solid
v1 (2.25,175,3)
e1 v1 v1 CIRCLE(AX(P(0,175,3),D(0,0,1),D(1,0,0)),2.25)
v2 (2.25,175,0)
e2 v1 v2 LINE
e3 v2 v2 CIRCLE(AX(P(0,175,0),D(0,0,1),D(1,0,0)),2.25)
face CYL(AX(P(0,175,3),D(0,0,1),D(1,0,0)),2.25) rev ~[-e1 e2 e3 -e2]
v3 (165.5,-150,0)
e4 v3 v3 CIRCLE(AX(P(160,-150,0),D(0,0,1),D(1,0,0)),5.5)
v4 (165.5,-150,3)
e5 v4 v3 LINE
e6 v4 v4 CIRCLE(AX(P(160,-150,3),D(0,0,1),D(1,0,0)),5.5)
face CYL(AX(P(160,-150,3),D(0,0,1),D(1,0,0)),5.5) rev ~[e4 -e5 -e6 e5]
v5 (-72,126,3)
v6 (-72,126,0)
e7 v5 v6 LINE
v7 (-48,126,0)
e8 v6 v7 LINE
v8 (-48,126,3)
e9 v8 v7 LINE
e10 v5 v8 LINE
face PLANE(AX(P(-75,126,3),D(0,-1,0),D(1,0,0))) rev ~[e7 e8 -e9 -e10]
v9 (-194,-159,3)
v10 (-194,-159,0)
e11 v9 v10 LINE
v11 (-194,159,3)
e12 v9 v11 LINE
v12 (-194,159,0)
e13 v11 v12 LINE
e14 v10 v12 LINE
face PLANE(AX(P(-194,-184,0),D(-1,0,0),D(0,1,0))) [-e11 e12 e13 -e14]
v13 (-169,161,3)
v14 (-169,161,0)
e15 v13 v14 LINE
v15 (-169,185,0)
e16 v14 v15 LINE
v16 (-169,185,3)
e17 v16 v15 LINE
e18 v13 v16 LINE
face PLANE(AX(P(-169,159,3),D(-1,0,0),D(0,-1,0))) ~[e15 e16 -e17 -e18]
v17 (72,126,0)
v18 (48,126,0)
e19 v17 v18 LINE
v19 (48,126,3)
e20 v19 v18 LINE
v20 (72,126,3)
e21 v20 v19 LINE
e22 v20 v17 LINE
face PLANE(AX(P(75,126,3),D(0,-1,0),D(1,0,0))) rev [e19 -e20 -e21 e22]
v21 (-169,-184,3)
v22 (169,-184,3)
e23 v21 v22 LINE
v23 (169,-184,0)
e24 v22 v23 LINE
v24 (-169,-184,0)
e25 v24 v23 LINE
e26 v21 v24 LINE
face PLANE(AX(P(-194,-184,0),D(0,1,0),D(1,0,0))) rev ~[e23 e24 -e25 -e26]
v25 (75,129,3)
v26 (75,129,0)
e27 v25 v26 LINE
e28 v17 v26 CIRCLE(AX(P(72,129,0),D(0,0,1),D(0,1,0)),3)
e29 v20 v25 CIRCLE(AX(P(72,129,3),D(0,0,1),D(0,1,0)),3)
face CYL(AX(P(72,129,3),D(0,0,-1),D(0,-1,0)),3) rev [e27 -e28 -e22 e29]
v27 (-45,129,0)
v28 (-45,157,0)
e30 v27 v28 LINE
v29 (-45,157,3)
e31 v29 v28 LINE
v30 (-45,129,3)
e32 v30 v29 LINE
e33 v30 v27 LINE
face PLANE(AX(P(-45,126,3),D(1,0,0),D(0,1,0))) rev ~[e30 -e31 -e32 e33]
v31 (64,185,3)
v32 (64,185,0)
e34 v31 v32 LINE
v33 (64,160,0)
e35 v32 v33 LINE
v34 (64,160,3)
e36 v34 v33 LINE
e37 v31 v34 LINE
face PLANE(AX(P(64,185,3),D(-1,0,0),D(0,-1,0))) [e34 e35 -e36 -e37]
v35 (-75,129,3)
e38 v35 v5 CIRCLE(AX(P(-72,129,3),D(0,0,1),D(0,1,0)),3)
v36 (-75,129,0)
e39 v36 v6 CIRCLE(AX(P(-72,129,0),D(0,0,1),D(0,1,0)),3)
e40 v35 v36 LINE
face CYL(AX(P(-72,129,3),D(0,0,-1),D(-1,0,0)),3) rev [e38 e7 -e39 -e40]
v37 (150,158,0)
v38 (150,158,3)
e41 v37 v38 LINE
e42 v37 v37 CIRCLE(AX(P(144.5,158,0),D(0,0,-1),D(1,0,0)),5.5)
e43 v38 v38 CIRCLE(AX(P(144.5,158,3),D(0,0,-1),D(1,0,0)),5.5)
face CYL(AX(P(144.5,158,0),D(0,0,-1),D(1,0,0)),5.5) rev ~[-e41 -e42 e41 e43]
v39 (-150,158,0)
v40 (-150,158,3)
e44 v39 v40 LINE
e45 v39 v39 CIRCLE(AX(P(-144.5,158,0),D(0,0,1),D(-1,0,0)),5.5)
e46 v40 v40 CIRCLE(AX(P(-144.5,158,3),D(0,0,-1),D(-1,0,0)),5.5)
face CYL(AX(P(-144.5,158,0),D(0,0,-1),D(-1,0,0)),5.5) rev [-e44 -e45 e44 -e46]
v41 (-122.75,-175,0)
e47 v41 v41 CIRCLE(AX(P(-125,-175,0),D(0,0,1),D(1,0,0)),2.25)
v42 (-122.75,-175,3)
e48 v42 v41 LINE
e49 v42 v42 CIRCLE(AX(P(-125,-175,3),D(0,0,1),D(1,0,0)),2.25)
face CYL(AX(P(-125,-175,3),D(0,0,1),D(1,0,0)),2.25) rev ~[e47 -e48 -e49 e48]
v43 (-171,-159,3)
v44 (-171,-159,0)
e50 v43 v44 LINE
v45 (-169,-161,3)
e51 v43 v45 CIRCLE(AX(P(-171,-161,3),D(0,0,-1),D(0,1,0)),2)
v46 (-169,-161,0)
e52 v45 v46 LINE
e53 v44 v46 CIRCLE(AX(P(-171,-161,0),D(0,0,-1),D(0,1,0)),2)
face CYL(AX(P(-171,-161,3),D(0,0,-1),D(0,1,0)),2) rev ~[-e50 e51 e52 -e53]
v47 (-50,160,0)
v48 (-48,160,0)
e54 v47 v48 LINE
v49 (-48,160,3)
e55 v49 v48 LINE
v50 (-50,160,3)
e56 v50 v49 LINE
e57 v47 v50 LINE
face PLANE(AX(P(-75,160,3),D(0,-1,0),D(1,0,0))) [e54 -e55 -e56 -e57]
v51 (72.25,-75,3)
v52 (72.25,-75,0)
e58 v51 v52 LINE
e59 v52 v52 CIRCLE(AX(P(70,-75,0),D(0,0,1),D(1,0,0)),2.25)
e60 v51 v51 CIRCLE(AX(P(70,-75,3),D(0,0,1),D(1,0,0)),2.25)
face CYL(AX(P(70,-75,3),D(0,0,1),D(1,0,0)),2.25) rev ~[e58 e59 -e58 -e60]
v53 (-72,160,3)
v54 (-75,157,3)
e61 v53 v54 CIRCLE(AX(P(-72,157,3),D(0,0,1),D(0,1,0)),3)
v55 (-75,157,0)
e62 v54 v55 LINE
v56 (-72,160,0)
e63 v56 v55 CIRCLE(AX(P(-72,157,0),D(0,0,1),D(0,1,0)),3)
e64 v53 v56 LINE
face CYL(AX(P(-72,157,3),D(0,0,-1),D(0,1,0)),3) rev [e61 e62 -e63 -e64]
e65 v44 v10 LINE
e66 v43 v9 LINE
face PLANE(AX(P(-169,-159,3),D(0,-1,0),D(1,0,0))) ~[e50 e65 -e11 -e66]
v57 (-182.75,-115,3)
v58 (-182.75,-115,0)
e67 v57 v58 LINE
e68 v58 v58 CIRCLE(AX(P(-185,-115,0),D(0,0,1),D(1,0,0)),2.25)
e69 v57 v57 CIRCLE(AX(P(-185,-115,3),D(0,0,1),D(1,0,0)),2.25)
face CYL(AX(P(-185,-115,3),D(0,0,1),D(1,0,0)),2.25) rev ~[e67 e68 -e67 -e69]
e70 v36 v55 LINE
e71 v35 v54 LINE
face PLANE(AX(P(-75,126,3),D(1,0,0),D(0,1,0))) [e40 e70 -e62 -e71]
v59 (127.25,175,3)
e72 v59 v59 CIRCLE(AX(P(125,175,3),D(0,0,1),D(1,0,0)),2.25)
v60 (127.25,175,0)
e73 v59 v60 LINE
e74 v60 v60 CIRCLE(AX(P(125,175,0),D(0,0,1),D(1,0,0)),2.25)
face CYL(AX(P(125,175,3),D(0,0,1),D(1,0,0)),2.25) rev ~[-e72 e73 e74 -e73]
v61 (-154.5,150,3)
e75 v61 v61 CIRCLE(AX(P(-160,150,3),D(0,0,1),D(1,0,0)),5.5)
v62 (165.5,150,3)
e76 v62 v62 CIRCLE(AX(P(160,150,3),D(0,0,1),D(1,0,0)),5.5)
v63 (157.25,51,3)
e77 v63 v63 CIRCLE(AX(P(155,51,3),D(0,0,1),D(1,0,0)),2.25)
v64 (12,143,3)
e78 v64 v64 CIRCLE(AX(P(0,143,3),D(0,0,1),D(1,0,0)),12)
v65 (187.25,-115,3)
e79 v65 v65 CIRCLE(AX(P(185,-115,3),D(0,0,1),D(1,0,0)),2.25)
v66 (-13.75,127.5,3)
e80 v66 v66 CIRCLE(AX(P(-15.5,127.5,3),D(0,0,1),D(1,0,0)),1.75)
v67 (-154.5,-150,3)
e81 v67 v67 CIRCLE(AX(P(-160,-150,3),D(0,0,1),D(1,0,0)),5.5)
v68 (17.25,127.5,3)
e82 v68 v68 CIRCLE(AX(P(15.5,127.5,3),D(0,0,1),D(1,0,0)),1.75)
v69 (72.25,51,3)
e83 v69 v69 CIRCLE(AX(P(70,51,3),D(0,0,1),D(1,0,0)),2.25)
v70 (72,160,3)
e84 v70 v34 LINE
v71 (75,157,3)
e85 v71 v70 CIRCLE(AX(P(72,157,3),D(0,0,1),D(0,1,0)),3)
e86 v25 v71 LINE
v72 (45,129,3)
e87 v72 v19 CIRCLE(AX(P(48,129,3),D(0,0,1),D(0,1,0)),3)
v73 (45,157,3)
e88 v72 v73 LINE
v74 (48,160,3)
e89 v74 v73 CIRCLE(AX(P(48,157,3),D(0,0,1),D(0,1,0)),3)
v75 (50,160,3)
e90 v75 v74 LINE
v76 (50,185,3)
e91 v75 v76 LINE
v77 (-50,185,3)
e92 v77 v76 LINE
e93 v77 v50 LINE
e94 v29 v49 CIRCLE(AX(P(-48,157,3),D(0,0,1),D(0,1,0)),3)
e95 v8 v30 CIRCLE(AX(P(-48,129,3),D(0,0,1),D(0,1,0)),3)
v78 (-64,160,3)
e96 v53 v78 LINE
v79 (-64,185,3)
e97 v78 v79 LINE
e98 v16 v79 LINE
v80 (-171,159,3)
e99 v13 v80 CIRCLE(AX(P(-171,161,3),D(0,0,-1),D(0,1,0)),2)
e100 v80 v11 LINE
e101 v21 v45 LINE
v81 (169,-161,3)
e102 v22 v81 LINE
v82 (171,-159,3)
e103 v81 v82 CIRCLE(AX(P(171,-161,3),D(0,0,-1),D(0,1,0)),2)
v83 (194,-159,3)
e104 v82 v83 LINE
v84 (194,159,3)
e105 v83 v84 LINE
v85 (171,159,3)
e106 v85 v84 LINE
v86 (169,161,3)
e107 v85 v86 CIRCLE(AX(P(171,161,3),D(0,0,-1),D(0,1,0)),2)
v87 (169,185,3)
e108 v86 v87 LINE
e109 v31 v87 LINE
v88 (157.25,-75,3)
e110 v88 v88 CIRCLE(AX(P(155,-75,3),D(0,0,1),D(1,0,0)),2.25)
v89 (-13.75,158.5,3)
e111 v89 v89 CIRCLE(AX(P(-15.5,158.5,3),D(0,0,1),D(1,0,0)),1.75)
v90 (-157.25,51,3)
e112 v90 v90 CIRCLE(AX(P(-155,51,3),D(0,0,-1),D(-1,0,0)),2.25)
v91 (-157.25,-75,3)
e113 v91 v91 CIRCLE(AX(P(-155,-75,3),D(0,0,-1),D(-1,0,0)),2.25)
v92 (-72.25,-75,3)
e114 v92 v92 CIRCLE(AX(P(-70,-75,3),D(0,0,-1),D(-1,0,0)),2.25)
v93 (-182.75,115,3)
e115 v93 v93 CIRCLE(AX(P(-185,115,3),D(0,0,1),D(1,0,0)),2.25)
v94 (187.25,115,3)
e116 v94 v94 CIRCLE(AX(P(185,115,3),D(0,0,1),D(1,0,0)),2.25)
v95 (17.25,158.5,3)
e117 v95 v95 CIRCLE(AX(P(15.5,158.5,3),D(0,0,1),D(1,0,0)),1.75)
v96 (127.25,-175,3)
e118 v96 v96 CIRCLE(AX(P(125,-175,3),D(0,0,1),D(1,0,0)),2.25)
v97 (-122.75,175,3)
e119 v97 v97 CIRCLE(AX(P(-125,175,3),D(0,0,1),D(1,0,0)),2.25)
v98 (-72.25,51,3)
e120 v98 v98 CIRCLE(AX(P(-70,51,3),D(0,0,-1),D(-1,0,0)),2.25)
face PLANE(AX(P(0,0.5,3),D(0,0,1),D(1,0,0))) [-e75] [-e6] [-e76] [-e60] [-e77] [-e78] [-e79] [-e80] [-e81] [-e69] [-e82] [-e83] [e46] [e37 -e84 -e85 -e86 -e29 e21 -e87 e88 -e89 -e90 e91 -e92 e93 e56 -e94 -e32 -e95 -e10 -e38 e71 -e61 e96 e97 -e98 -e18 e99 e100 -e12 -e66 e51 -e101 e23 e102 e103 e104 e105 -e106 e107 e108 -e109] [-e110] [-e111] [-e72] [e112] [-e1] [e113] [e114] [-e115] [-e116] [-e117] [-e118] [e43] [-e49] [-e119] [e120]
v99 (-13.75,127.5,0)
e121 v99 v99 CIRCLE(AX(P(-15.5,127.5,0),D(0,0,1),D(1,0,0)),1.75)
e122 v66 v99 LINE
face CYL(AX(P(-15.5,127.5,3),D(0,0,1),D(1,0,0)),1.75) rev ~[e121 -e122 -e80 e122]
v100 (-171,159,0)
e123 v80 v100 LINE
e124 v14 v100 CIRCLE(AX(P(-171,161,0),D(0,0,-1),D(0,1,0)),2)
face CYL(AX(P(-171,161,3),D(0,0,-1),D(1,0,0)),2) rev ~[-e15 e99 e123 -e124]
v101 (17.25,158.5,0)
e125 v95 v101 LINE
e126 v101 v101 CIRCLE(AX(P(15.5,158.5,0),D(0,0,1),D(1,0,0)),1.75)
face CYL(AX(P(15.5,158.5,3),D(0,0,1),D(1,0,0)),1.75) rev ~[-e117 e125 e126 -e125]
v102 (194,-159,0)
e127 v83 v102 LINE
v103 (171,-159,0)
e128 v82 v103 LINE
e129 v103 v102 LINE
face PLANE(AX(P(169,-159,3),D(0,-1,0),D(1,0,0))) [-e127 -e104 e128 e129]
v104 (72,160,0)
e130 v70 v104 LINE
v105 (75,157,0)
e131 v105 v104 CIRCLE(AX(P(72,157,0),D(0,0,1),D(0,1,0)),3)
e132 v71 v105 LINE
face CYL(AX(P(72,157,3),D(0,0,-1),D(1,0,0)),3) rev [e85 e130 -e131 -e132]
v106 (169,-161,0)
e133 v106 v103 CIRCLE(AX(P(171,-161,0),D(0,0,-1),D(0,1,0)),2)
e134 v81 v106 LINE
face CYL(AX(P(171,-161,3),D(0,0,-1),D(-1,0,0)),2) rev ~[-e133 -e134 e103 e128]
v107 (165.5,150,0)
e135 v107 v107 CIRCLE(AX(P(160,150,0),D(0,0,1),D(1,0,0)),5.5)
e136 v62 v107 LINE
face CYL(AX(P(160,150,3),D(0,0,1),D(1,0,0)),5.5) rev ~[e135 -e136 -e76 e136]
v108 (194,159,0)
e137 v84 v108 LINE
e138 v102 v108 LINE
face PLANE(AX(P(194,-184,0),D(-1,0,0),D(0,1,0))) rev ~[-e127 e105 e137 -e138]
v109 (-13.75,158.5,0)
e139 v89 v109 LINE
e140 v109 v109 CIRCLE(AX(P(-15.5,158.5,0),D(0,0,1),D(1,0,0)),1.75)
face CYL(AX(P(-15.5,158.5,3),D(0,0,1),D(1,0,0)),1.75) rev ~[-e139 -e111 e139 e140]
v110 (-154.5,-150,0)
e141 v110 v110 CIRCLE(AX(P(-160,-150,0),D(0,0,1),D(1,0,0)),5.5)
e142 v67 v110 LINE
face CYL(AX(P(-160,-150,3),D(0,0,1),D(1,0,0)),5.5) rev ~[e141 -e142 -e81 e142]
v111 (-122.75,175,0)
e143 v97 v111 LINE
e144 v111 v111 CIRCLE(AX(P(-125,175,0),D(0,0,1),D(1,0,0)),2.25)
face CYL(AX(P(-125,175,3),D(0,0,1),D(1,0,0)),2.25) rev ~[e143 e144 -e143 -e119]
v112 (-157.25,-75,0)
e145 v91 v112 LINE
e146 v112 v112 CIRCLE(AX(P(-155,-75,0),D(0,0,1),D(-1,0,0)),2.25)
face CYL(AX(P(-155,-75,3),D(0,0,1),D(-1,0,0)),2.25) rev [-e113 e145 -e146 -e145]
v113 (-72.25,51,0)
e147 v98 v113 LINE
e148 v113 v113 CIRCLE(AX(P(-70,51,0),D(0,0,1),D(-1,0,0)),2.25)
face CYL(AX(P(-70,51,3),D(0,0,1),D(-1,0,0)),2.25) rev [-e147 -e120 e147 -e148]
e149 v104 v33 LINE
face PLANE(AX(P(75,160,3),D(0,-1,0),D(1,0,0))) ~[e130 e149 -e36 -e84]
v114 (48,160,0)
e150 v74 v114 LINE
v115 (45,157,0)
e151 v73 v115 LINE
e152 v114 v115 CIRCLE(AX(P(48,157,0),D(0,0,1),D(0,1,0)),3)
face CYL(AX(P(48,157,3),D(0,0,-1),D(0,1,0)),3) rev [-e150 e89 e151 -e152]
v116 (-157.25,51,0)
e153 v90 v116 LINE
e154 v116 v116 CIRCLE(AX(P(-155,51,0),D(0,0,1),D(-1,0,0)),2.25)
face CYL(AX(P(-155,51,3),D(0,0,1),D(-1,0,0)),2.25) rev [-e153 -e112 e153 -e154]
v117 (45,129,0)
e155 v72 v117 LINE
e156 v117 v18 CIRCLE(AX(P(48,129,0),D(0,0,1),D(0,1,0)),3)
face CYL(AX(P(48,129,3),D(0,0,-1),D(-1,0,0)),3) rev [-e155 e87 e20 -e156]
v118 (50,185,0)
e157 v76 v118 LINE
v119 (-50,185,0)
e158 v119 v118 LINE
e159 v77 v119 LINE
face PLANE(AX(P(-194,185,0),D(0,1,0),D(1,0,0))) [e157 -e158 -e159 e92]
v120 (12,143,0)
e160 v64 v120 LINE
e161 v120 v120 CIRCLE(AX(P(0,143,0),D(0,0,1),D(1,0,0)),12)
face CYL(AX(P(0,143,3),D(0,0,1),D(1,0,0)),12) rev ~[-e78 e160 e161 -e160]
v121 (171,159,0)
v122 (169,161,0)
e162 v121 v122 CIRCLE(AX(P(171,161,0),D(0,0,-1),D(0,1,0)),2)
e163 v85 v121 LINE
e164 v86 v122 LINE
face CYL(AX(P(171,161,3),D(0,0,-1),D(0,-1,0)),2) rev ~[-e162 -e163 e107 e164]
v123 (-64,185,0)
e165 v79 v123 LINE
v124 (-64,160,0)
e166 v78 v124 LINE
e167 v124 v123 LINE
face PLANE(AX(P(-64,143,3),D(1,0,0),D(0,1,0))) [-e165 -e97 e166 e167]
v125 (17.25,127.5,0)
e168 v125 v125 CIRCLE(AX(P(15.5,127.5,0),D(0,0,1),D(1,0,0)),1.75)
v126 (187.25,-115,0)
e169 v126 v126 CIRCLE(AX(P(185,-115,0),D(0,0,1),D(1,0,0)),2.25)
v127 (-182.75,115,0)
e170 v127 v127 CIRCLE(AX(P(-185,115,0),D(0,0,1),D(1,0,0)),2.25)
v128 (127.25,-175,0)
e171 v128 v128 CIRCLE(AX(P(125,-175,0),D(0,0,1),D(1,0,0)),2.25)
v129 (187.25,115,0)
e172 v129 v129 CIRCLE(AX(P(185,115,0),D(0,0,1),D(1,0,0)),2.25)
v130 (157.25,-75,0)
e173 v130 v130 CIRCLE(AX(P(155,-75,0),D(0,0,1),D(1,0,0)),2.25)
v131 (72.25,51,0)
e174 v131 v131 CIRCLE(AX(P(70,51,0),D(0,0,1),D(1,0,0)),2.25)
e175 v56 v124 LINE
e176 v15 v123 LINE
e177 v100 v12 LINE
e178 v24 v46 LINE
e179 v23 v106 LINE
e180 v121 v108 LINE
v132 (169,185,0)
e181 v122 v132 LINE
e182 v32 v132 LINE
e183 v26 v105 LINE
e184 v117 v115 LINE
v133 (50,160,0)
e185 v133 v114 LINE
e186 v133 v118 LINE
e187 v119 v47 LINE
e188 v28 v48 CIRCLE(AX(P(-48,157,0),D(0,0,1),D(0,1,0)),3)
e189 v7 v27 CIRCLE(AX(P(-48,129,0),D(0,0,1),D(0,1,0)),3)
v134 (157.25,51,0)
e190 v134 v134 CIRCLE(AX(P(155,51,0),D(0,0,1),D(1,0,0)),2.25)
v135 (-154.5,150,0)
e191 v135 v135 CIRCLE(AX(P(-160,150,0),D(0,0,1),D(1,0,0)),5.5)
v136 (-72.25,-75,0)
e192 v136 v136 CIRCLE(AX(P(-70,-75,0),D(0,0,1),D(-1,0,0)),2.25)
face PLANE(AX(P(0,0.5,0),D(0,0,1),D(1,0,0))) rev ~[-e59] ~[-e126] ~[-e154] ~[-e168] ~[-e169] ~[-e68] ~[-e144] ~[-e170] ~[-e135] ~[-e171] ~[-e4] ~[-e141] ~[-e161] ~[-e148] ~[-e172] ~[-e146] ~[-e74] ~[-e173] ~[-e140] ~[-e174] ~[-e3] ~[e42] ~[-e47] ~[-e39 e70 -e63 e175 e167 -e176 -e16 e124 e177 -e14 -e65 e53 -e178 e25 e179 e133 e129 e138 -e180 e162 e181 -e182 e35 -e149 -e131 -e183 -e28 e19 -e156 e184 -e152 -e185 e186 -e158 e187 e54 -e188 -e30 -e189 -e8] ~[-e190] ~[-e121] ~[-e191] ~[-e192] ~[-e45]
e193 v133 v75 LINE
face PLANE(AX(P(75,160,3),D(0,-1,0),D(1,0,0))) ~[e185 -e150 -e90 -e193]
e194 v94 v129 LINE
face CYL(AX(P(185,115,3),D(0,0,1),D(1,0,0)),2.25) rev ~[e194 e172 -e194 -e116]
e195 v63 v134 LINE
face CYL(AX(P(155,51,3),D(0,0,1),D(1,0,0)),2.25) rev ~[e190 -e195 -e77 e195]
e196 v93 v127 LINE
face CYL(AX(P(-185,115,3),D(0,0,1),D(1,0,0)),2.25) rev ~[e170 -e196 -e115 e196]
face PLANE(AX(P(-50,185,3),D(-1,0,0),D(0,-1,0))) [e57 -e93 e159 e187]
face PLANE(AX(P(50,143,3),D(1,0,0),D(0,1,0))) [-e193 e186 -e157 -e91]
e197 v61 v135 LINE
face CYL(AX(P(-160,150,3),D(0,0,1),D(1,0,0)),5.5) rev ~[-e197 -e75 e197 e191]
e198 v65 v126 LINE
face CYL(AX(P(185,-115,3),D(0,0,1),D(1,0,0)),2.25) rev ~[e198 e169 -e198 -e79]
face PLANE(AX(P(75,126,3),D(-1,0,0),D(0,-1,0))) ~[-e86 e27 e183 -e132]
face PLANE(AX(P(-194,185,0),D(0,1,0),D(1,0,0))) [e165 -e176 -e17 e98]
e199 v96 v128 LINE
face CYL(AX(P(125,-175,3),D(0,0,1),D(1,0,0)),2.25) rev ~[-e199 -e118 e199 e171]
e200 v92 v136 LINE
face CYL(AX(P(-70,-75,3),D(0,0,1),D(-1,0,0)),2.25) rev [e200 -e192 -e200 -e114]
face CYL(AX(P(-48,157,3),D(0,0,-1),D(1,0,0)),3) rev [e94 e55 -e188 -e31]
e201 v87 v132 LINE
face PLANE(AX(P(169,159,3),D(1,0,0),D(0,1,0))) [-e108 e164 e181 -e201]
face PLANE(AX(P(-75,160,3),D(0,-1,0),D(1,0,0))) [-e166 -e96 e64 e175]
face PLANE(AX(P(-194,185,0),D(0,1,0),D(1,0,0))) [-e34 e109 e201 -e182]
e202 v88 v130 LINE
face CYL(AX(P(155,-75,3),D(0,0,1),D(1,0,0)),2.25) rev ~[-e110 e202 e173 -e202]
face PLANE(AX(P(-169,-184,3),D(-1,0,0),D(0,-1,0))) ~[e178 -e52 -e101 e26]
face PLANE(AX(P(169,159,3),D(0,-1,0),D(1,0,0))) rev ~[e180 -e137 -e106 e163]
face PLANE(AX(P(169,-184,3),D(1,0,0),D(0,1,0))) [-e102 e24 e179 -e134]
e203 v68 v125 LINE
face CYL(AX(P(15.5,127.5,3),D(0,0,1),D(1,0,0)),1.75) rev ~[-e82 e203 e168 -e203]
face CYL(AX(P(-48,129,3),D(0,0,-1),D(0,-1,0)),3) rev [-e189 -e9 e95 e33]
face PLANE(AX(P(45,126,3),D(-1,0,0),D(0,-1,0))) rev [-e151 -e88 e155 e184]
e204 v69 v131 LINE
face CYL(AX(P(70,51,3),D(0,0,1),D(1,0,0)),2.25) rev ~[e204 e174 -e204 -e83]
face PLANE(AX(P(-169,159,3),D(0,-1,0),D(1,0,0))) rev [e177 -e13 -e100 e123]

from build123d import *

# Parameters (mm, degrees)
SKETCH_W        = 388
SKETCH_H        = 369
PAD_DEPTH       = 3
SKETCH001_W     = 25
SKETCH001_H     = 26
SKETCH001_H_2   = 25
POCKET_DEPTH    = 1073.914629
SKETCH002_R     = 12
SKETCH002_R_2   = 1.75
POCKET001_DEPTH = 3.001
SKETCH003_R     = 2.25
POCKET002_DEPTH = 3.001
SKETCH004_W     = 30
SKETCH004_H     = 34
POCKET003_DEPTH = 1073.914629
FILLET_R        = 3
SKETCH005_R     = 5.5
POCKET004_DEPTH = 3.001
SKETCH006_R     = 2.25
POCKET005_DEPTH = 1073.914629
FILLET001_R     = 2
SKETCH007_R     = 5.5
POCKET006_DEPTH = 1073.914629


with BuildPart() as part:
    # Sketch → Pad (new body)
    with BuildSketch(Plane.XY):
        with Locations((0, 0.5)):
            Rectangle(SKETCH_W, SKETCH_H)
    extrude(amount=PAD_DEPTH)

    # Sketch001 (on Face6 of Pad) → Pocket (cut, through all)
    with BuildSketch(Plane.XY.offset(3)):
        with Locations((181.5, 172)):
            Rectangle(SKETCH001_W, SKETCH001_H)
        with Locations((181.5, -171.5)):
            Rectangle(SKETCH001_W, SKETCH001_H_2)
    pocket = extrude(amount=-POCKET_DEPTH, mode=Mode.SUBTRACT)

    # Mirrored: Pocket across YZ
    add(pocket.mirror(Plane.YZ), mode=Mode.SUBTRACT)

    # Sketch002 (on Face4 of Mirrored) → Pocket001 (cut, through all)
    with BuildSketch(Plane.XY.offset(3)):
        with Locations((0, 143)):
            Circle(SKETCH002_R)
        with Locations((-15.5, 158.5)):
            Circle(SKETCH002_R_2)
        with Locations((15.5, 158.5)):
            Circle(SKETCH002_R_2)
        with Locations((15.5, 127.5)):
            Circle(SKETCH002_R_2)
        with Locations((-15.5, 127.5)):
            Circle(SKETCH002_R_2)
        with BuildLine():
            Line((-64, 185), (-50, 185))
            Line((-50, 185), (-50, 143))
            ThreePointArc((-64, 143), (-57, 136), (-50, 143))
            Line((-64, 143), (-64, 185))
        make_face()
        with BuildLine():
            Line((50, 185), (64, 185))
            Line((64, 185), (64, 143))
            ThreePointArc((50, 143), (57, 136), (64, 143))
            Line((50, 143), (50, 185))
        make_face()
    extrude(amount=-POCKET001_DEPTH, mode=Mode.SUBTRACT)

    # Sketch003 (on Face4 of Pocket001) → Pocket002 (cut, through all)
    with BuildSketch(Plane.XY.offset(3)):
        with Locations((125, 175)):
            Circle(SKETCH003_R)
        with Locations((185, 115)):
            Circle(SKETCH003_R)
        with Locations((125, -175)):
            Circle(SKETCH003_R)
        with Locations((-125, 175)):
            Circle(SKETCH003_R)
        with Locations((-185, 115)):
            Circle(SKETCH003_R)
        with Locations((-125, -175)):
            Circle(SKETCH003_R)
        with Locations((0, 175)):
            Circle(SKETCH003_R)
        with Locations((-185, -115)):
            Circle(SKETCH003_R)
        with Locations((185, -115)):
            Circle(SKETCH003_R)
    extrude(amount=-POCKET002_DEPTH, mode=Mode.SUBTRACT)

    # Sketch004 (on Face4 of Pocket002) → Pocket003 (cut, through all)
    with BuildSketch(Plane.XY.offset(3)):
        with Locations((-60, 143)):
            Rectangle(SKETCH004_W, SKETCH004_H)
    pocket003 = extrude(amount=-POCKET003_DEPTH, mode=Mode.SUBTRACT)

    # Mirrored001: Pocket003 across YZ
    add(pocket003.mirror(Plane.YZ), mode=Mode.SUBTRACT)

    # Fillet
    fillet_edges = [part.edges().sort_by_distance(p)[0] for p in [
        (-45, 160, 1.5),
        (-45, 126, 1.5),
        (-75, 126, 1.5),
        (-75, 160, 1.5),
        (45, 126, 1.5),
        (75, 126, 1.5),
        (45, 160, 1.5),
        (75, 160, 1.5),
    ]]
    fillet(fillet_edges, radius=FILLET_R)

    # Sketch005 (on Face52 of Fillet) → Pocket004 (cut, through all)
    with BuildSketch(Plane.XY.offset(3)):
        with Locations((-160, 150)):
            Circle(SKETCH005_R)
        with Locations((-160, -150)):
            Circle(SKETCH005_R)
        with Locations((160, 150)):
            Circle(SKETCH005_R)
        with Locations((160, -150)):
            Circle(SKETCH005_R)
    extrude(amount=-POCKET004_DEPTH, mode=Mode.SUBTRACT)

    # Sketch006 (on Face56 of Pocket004) → Pocket005 (cut, through all)
    with BuildSketch(Plane.XY.offset(3)):
        with Locations((70, 51)):
            Circle(SKETCH006_R)
        with Locations((155, 51)):
            Circle(SKETCH006_R)
        with Locations((70, -75)):
            Circle(SKETCH006_R)
        with Locations((155, -75)):
            Circle(SKETCH006_R)
    pocket005 = extrude(amount=-POCKET005_DEPTH, mode=Mode.SUBTRACT)

    # Mirrored002: Pocket005 across YZ
    add(pocket005.mirror(Plane.YZ), mode=Mode.SUBTRACT)

    # Fillet001
    fillet001_edges = [part.edges().sort_by_distance(p)[0] for p in [
        (169, -159, 1.5),
        (-169, -159, 1.5),
        (-169, 159, 1.5),
        (169, 159, 1.5),
    ]]
    fillet(fillet001_edges, radius=FILLET001_R)

    # Sketch007 (on Face1 of Fillet001) → Pocket006 (cut, through all)
    with BuildSketch(Plane(origin=(0, 0, 0), x_dir=(1, 0, 0), z_dir=(0, 0, -1))):
        with Locations((144.5, -158)):
            Circle(SKETCH007_R)
    pocket006 = extrude(amount=-POCKET006_DEPTH, mode=Mode.SUBTRACT)

    # Mirrored003: Pocket006 across YZ
    add(pocket006.mirror(Plane.YZ), mode=Mode.SUBTRACT)


solid = part.part
